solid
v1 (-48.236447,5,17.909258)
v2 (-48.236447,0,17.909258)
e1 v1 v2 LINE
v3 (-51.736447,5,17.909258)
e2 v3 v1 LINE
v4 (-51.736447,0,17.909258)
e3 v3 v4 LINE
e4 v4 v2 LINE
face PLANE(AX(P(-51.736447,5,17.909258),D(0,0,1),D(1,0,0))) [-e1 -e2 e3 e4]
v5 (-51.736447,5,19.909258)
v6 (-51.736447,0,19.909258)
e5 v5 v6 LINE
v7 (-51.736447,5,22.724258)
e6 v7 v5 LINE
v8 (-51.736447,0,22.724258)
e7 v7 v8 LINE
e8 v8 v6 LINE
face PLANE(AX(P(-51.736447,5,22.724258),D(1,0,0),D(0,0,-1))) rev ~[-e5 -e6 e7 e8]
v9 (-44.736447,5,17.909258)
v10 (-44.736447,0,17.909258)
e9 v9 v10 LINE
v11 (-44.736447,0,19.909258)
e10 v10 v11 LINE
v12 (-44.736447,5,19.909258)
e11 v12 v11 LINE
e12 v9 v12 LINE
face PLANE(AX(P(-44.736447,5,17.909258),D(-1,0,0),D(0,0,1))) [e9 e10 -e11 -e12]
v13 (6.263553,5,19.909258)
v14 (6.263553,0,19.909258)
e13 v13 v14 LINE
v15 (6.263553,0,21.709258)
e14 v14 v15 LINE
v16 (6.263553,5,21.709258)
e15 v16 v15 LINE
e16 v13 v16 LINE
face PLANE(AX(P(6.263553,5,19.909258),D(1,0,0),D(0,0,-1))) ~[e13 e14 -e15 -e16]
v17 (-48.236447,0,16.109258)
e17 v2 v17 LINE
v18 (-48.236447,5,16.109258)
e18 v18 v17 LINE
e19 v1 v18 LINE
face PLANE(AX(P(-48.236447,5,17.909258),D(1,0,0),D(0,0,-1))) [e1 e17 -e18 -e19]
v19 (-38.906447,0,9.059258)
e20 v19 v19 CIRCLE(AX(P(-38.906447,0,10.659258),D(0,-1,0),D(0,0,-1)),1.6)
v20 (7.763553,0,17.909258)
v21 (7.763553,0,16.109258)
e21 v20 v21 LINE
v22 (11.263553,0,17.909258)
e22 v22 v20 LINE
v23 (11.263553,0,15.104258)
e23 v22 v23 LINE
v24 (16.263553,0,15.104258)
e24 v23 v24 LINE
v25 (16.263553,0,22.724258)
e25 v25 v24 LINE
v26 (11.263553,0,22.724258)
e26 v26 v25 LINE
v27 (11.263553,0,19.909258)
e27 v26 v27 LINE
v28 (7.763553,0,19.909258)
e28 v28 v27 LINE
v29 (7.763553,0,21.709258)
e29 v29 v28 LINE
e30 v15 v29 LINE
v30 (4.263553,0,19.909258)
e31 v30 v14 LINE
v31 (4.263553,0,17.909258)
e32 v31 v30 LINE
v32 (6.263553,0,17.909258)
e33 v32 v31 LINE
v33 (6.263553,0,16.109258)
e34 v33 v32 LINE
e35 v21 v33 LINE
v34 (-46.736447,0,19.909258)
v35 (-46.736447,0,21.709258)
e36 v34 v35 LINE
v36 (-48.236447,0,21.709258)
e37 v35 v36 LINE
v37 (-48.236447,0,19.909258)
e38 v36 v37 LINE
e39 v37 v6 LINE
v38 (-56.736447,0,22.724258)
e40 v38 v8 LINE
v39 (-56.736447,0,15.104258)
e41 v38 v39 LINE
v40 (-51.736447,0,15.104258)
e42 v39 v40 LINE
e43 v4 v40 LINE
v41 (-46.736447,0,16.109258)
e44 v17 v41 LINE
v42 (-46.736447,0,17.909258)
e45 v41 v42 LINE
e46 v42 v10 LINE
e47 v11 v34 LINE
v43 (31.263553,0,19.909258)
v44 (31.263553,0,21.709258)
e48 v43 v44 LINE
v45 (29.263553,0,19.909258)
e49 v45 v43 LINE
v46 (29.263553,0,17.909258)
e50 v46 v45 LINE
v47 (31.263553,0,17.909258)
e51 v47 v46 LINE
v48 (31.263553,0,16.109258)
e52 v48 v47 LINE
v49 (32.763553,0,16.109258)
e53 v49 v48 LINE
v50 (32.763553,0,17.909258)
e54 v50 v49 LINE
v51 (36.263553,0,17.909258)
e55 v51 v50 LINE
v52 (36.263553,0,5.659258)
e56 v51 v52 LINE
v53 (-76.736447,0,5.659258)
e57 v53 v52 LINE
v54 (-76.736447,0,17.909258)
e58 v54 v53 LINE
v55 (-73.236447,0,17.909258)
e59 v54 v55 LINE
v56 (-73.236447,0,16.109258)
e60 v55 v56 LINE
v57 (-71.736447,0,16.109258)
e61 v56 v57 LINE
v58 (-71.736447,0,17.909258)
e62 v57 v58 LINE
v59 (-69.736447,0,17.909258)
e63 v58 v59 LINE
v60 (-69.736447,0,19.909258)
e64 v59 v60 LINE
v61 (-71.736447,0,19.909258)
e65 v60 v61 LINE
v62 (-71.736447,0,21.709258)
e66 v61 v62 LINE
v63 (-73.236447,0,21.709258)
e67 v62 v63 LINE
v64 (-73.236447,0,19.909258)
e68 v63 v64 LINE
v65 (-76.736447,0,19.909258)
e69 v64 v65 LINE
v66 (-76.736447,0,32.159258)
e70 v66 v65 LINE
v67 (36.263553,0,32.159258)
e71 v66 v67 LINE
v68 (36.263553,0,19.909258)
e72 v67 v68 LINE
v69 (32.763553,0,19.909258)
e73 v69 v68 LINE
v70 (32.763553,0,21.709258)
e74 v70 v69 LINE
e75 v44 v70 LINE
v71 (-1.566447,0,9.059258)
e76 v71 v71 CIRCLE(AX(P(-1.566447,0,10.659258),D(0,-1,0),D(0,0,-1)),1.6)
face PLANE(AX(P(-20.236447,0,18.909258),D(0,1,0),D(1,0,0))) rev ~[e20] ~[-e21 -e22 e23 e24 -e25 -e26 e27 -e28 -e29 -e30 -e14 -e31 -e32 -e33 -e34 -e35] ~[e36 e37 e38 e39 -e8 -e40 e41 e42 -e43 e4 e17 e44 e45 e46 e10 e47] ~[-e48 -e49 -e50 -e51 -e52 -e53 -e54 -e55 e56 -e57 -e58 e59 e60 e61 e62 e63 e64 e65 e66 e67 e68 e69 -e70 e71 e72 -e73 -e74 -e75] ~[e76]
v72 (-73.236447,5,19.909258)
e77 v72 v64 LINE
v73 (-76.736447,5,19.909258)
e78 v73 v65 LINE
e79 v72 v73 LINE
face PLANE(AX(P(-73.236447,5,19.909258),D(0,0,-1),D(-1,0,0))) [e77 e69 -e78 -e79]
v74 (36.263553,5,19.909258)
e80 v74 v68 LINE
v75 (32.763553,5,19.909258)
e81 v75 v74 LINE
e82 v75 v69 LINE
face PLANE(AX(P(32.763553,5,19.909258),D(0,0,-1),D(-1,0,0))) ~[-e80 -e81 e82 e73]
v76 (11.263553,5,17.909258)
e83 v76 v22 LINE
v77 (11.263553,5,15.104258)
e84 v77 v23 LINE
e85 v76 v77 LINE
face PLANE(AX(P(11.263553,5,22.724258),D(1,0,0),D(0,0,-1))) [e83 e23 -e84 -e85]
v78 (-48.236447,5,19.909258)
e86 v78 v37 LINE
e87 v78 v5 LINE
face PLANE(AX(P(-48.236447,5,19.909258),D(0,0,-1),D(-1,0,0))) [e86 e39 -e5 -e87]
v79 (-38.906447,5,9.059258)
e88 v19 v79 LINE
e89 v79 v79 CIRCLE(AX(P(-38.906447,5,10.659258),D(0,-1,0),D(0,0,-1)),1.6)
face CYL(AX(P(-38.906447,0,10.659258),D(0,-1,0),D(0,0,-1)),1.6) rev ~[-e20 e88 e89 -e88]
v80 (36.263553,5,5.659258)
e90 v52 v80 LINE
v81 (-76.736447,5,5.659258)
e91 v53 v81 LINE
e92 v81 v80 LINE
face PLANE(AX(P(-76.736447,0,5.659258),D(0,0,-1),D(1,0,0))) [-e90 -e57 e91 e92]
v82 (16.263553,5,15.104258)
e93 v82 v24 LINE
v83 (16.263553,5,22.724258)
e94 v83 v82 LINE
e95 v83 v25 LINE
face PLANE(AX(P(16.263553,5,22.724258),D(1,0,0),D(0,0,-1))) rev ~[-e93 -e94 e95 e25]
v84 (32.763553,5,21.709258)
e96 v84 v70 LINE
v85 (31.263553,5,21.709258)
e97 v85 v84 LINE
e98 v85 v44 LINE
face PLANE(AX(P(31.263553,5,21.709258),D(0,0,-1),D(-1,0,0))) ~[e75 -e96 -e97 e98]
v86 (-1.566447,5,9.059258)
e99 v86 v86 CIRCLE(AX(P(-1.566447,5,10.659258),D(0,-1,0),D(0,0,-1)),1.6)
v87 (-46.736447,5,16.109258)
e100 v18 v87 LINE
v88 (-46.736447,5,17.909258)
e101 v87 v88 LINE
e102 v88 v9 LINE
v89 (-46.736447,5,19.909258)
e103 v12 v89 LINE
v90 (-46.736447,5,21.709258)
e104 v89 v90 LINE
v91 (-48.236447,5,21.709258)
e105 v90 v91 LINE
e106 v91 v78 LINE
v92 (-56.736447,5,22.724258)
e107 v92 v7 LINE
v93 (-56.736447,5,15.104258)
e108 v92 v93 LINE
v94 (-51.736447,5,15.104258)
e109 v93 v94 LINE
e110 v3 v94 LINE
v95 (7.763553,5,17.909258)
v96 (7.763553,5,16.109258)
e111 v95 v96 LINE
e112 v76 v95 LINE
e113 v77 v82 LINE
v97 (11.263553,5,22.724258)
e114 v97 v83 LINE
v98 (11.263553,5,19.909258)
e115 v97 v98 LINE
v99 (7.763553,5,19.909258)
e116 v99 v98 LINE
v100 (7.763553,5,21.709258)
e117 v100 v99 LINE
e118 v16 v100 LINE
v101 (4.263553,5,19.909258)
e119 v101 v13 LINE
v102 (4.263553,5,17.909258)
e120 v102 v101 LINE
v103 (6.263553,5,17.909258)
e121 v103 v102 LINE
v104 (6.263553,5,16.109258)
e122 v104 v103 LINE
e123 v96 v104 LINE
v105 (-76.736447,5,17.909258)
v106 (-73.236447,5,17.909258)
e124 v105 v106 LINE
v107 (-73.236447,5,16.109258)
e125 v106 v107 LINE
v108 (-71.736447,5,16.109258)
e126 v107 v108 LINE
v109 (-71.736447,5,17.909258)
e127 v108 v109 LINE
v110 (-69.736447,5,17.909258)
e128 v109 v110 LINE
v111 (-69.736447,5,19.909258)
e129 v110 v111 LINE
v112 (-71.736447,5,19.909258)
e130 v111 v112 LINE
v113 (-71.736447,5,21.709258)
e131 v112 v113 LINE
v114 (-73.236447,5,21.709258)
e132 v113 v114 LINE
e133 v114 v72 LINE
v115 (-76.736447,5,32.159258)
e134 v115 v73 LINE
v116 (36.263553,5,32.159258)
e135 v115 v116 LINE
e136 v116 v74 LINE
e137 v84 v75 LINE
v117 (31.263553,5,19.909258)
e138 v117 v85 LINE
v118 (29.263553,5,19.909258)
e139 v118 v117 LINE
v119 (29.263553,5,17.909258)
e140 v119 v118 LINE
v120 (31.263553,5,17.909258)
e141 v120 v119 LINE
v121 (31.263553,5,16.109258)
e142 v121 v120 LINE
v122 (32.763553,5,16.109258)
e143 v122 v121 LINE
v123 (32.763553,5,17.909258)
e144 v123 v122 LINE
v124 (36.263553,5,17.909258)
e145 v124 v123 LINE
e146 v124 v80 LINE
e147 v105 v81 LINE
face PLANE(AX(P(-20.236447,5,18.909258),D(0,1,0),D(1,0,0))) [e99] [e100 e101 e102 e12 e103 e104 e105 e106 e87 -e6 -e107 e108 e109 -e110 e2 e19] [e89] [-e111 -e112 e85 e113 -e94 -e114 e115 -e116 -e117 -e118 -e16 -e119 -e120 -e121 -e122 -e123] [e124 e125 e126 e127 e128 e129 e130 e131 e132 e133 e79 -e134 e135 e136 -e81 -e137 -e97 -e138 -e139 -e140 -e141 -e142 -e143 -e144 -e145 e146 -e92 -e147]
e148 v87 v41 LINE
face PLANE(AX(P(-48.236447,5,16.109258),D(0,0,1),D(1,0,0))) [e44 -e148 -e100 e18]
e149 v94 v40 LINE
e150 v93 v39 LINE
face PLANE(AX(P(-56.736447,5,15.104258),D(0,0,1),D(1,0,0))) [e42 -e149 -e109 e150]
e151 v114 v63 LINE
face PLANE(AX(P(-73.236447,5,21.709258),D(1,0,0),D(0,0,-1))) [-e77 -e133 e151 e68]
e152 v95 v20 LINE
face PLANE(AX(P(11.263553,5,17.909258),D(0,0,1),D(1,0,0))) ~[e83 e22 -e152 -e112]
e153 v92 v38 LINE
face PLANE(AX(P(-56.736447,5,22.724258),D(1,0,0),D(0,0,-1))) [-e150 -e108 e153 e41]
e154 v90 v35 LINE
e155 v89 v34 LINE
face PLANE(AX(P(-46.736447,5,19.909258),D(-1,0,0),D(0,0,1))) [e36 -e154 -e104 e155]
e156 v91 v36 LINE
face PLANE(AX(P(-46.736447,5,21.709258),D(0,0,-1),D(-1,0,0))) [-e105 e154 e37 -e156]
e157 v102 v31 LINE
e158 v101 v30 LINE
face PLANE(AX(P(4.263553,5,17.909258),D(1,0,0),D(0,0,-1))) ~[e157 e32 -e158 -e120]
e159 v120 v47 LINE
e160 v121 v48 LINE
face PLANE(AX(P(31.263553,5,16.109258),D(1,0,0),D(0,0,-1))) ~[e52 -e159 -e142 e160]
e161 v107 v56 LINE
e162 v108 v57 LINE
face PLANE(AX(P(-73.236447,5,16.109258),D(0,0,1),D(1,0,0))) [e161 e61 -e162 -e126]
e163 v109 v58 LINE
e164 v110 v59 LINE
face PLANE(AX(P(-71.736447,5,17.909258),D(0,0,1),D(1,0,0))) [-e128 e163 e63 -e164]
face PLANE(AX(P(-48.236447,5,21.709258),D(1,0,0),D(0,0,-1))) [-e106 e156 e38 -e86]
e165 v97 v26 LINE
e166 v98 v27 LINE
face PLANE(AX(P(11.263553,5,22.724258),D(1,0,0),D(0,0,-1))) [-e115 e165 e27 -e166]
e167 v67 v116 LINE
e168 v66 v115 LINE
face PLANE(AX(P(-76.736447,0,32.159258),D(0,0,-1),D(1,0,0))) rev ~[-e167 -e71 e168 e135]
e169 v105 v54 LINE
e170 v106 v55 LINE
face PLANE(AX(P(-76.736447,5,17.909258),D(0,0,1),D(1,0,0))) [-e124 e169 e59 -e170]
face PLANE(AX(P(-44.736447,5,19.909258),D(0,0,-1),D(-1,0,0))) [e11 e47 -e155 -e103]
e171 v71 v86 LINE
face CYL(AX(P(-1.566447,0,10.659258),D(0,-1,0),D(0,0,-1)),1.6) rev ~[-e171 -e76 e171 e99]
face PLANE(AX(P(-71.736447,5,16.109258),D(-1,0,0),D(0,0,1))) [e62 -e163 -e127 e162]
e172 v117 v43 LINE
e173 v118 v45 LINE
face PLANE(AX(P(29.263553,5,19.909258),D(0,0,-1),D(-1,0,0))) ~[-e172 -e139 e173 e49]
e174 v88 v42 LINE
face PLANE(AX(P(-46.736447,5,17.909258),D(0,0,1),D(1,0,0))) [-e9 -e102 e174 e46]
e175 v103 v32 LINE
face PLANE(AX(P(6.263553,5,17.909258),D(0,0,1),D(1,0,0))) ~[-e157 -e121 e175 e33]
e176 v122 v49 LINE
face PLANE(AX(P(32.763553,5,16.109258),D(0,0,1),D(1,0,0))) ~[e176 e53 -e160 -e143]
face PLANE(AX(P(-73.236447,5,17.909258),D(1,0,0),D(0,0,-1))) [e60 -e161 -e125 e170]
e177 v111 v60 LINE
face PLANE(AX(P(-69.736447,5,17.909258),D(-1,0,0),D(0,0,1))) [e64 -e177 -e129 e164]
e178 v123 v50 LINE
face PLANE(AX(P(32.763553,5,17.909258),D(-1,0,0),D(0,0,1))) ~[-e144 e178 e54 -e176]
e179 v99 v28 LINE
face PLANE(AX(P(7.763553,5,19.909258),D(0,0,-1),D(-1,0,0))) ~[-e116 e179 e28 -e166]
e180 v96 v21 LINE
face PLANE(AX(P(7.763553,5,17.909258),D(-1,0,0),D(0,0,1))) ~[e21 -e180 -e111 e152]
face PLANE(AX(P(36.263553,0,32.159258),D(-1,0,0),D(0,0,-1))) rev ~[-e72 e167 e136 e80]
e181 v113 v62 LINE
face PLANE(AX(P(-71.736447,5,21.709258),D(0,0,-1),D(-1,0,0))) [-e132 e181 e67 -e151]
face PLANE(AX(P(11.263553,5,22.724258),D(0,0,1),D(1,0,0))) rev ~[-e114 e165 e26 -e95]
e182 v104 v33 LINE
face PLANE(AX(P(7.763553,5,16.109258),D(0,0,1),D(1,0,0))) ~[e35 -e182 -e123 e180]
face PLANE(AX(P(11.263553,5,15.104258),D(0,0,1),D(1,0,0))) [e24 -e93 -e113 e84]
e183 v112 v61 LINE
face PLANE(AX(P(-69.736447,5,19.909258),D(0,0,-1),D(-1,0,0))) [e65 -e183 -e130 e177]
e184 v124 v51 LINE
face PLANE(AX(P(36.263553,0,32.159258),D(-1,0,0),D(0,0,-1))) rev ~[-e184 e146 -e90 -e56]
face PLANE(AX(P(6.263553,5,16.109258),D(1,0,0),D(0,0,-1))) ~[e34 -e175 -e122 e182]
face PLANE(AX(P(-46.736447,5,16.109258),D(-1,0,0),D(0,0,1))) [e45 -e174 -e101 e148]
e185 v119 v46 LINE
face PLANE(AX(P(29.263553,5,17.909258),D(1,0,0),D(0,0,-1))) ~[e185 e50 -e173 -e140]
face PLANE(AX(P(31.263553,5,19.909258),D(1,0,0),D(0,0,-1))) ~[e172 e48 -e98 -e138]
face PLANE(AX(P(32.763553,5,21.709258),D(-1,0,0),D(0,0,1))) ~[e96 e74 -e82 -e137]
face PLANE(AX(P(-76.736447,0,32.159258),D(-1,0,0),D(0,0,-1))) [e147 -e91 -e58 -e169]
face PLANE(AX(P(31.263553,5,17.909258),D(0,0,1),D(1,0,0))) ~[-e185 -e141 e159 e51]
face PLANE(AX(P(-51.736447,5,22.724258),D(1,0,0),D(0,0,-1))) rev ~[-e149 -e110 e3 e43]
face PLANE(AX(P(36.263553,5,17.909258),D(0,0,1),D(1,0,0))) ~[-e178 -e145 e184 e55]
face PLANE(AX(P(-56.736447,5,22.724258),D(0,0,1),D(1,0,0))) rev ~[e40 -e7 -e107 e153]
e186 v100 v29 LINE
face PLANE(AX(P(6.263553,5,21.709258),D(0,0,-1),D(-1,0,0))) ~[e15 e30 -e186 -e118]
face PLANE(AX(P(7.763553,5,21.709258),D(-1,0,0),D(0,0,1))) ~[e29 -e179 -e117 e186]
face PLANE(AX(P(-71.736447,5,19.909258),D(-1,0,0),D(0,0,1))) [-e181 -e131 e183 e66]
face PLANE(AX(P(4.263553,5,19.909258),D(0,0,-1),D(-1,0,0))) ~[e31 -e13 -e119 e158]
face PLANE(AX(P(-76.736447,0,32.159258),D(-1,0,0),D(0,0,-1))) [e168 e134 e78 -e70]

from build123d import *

# Parameters (mm, degrees)
ESBO_O1_W                = 113
ESBO_O1_H                = 26.5
RESSALTO_EXTRUS_O1_DEPTH = 5
ESBO_O2_W                = 5
ESBO_O2_H                = 7.62
CORTE_EXTRUS_O1_DEPTH    = 5
CORTE_EXTRUS_O2_DEPTH    = 5
ESBO_O4_R                = 1.6
CORTE_EXTRUS_O3_DEPTH    = 10


with BuildPart() as part:
    # Esboço1 → Ressalto-extrusão1 (new body)
    with BuildSketch(Plane(origin=(0, 0, 0), x_dir=(1, 0, 0), z_dir=(0, 1, 0))):
        with Locations((-20.23644711, -18.909257917)):
            Rectangle(ESBO_O1_W, ESBO_O1_H)
    extrude(amount=RESSALTO_EXTRUS_O1_DEPTH)

    # Esboço2 → Corte-extrusão1 (cut)
    with BuildSketch(Plane(origin=(0, 5, 0), x_dir=(1, 0, 0), z_dir=(0, 1, 0))):
        with Locations((13.76355289, -18.914257917)):
            Rectangle(ESBO_O2_W, ESBO_O2_H)
        with Locations((-54.23644711, -18.914257917)):
            Rectangle(ESBO_O2_W, ESBO_O2_H)
    extrude(amount=-CORTE_EXTRUS_O1_DEPTH, mode=Mode.SUBTRACT)

    # Esboço3 → Corte-extrusão2 (cut)
    with BuildSketch(Plane(origin=(0, 5, 0), x_dir=(1, 0, 0), z_dir=(0, 1, 0))):
        Polygon((-76.73644711, -17.909257917), (-73.23644711, -17.909257917), (-73.23644711, -16.109257917), (-71.73644711, -16.109257917), (-71.73644711, -17.909257917), (-69.73644711, -17.909257917), (-69.73644711, -19.909257917), (-71.73644711, -19.909257917), (-71.73644711, -21.709257917), (-73.23644711, -21.709257917), (-73.23644711, -19.909257917), (-76.73644711, -19.909257917), align=None)
        Polygon((-51.73644711, -17.909257917), (-48.23644711, -17.909257917), (-48.23644711, -16.109257917), (-46.73644711, -16.109257917), (-46.73644711, -17.909257917), (-44.73644711, -17.909257917), (-44.73644711, -19.909257917), (-46.73644711, -19.909257917), (-46.73644711, -21.709257917), (-48.23644711, -21.709257917), (-48.23644711, -19.909257917), (-51.73644711, -19.909257917), align=None)
    corte_extrus_o2 = extrude(amount=-CORTE_EXTRUS_O2_DEPTH, mode=Mode.SUBTRACT)

    # Espelhar1: Corte-extrusão2 across plane
    add(corte_extrus_o2.mirror(Plane.ZY.offset(20.23644711)), mode=Mode.SUBTRACT)

    # Esboço4 → Corte-extrusão3 (cut)
    with BuildSketch(Plane(origin=(0, 0, 0), x_dir=(-1, 0, 0), z_dir=(0, -1, 0))):
        with Locations(Location((1.56644711, -10.659257917, 0), (0, 0, 90))):
            Circle(ESBO_O4_R)
        with Locations(Location((38.90644711, -10.659257917, 0), (0, 0, 90))):
            Circle(ESBO_O4_R)
    extrude(amount=-CORTE_EXTRUS_O3_DEPTH, mode=Mode.SUBTRACT)


solid = part.part
